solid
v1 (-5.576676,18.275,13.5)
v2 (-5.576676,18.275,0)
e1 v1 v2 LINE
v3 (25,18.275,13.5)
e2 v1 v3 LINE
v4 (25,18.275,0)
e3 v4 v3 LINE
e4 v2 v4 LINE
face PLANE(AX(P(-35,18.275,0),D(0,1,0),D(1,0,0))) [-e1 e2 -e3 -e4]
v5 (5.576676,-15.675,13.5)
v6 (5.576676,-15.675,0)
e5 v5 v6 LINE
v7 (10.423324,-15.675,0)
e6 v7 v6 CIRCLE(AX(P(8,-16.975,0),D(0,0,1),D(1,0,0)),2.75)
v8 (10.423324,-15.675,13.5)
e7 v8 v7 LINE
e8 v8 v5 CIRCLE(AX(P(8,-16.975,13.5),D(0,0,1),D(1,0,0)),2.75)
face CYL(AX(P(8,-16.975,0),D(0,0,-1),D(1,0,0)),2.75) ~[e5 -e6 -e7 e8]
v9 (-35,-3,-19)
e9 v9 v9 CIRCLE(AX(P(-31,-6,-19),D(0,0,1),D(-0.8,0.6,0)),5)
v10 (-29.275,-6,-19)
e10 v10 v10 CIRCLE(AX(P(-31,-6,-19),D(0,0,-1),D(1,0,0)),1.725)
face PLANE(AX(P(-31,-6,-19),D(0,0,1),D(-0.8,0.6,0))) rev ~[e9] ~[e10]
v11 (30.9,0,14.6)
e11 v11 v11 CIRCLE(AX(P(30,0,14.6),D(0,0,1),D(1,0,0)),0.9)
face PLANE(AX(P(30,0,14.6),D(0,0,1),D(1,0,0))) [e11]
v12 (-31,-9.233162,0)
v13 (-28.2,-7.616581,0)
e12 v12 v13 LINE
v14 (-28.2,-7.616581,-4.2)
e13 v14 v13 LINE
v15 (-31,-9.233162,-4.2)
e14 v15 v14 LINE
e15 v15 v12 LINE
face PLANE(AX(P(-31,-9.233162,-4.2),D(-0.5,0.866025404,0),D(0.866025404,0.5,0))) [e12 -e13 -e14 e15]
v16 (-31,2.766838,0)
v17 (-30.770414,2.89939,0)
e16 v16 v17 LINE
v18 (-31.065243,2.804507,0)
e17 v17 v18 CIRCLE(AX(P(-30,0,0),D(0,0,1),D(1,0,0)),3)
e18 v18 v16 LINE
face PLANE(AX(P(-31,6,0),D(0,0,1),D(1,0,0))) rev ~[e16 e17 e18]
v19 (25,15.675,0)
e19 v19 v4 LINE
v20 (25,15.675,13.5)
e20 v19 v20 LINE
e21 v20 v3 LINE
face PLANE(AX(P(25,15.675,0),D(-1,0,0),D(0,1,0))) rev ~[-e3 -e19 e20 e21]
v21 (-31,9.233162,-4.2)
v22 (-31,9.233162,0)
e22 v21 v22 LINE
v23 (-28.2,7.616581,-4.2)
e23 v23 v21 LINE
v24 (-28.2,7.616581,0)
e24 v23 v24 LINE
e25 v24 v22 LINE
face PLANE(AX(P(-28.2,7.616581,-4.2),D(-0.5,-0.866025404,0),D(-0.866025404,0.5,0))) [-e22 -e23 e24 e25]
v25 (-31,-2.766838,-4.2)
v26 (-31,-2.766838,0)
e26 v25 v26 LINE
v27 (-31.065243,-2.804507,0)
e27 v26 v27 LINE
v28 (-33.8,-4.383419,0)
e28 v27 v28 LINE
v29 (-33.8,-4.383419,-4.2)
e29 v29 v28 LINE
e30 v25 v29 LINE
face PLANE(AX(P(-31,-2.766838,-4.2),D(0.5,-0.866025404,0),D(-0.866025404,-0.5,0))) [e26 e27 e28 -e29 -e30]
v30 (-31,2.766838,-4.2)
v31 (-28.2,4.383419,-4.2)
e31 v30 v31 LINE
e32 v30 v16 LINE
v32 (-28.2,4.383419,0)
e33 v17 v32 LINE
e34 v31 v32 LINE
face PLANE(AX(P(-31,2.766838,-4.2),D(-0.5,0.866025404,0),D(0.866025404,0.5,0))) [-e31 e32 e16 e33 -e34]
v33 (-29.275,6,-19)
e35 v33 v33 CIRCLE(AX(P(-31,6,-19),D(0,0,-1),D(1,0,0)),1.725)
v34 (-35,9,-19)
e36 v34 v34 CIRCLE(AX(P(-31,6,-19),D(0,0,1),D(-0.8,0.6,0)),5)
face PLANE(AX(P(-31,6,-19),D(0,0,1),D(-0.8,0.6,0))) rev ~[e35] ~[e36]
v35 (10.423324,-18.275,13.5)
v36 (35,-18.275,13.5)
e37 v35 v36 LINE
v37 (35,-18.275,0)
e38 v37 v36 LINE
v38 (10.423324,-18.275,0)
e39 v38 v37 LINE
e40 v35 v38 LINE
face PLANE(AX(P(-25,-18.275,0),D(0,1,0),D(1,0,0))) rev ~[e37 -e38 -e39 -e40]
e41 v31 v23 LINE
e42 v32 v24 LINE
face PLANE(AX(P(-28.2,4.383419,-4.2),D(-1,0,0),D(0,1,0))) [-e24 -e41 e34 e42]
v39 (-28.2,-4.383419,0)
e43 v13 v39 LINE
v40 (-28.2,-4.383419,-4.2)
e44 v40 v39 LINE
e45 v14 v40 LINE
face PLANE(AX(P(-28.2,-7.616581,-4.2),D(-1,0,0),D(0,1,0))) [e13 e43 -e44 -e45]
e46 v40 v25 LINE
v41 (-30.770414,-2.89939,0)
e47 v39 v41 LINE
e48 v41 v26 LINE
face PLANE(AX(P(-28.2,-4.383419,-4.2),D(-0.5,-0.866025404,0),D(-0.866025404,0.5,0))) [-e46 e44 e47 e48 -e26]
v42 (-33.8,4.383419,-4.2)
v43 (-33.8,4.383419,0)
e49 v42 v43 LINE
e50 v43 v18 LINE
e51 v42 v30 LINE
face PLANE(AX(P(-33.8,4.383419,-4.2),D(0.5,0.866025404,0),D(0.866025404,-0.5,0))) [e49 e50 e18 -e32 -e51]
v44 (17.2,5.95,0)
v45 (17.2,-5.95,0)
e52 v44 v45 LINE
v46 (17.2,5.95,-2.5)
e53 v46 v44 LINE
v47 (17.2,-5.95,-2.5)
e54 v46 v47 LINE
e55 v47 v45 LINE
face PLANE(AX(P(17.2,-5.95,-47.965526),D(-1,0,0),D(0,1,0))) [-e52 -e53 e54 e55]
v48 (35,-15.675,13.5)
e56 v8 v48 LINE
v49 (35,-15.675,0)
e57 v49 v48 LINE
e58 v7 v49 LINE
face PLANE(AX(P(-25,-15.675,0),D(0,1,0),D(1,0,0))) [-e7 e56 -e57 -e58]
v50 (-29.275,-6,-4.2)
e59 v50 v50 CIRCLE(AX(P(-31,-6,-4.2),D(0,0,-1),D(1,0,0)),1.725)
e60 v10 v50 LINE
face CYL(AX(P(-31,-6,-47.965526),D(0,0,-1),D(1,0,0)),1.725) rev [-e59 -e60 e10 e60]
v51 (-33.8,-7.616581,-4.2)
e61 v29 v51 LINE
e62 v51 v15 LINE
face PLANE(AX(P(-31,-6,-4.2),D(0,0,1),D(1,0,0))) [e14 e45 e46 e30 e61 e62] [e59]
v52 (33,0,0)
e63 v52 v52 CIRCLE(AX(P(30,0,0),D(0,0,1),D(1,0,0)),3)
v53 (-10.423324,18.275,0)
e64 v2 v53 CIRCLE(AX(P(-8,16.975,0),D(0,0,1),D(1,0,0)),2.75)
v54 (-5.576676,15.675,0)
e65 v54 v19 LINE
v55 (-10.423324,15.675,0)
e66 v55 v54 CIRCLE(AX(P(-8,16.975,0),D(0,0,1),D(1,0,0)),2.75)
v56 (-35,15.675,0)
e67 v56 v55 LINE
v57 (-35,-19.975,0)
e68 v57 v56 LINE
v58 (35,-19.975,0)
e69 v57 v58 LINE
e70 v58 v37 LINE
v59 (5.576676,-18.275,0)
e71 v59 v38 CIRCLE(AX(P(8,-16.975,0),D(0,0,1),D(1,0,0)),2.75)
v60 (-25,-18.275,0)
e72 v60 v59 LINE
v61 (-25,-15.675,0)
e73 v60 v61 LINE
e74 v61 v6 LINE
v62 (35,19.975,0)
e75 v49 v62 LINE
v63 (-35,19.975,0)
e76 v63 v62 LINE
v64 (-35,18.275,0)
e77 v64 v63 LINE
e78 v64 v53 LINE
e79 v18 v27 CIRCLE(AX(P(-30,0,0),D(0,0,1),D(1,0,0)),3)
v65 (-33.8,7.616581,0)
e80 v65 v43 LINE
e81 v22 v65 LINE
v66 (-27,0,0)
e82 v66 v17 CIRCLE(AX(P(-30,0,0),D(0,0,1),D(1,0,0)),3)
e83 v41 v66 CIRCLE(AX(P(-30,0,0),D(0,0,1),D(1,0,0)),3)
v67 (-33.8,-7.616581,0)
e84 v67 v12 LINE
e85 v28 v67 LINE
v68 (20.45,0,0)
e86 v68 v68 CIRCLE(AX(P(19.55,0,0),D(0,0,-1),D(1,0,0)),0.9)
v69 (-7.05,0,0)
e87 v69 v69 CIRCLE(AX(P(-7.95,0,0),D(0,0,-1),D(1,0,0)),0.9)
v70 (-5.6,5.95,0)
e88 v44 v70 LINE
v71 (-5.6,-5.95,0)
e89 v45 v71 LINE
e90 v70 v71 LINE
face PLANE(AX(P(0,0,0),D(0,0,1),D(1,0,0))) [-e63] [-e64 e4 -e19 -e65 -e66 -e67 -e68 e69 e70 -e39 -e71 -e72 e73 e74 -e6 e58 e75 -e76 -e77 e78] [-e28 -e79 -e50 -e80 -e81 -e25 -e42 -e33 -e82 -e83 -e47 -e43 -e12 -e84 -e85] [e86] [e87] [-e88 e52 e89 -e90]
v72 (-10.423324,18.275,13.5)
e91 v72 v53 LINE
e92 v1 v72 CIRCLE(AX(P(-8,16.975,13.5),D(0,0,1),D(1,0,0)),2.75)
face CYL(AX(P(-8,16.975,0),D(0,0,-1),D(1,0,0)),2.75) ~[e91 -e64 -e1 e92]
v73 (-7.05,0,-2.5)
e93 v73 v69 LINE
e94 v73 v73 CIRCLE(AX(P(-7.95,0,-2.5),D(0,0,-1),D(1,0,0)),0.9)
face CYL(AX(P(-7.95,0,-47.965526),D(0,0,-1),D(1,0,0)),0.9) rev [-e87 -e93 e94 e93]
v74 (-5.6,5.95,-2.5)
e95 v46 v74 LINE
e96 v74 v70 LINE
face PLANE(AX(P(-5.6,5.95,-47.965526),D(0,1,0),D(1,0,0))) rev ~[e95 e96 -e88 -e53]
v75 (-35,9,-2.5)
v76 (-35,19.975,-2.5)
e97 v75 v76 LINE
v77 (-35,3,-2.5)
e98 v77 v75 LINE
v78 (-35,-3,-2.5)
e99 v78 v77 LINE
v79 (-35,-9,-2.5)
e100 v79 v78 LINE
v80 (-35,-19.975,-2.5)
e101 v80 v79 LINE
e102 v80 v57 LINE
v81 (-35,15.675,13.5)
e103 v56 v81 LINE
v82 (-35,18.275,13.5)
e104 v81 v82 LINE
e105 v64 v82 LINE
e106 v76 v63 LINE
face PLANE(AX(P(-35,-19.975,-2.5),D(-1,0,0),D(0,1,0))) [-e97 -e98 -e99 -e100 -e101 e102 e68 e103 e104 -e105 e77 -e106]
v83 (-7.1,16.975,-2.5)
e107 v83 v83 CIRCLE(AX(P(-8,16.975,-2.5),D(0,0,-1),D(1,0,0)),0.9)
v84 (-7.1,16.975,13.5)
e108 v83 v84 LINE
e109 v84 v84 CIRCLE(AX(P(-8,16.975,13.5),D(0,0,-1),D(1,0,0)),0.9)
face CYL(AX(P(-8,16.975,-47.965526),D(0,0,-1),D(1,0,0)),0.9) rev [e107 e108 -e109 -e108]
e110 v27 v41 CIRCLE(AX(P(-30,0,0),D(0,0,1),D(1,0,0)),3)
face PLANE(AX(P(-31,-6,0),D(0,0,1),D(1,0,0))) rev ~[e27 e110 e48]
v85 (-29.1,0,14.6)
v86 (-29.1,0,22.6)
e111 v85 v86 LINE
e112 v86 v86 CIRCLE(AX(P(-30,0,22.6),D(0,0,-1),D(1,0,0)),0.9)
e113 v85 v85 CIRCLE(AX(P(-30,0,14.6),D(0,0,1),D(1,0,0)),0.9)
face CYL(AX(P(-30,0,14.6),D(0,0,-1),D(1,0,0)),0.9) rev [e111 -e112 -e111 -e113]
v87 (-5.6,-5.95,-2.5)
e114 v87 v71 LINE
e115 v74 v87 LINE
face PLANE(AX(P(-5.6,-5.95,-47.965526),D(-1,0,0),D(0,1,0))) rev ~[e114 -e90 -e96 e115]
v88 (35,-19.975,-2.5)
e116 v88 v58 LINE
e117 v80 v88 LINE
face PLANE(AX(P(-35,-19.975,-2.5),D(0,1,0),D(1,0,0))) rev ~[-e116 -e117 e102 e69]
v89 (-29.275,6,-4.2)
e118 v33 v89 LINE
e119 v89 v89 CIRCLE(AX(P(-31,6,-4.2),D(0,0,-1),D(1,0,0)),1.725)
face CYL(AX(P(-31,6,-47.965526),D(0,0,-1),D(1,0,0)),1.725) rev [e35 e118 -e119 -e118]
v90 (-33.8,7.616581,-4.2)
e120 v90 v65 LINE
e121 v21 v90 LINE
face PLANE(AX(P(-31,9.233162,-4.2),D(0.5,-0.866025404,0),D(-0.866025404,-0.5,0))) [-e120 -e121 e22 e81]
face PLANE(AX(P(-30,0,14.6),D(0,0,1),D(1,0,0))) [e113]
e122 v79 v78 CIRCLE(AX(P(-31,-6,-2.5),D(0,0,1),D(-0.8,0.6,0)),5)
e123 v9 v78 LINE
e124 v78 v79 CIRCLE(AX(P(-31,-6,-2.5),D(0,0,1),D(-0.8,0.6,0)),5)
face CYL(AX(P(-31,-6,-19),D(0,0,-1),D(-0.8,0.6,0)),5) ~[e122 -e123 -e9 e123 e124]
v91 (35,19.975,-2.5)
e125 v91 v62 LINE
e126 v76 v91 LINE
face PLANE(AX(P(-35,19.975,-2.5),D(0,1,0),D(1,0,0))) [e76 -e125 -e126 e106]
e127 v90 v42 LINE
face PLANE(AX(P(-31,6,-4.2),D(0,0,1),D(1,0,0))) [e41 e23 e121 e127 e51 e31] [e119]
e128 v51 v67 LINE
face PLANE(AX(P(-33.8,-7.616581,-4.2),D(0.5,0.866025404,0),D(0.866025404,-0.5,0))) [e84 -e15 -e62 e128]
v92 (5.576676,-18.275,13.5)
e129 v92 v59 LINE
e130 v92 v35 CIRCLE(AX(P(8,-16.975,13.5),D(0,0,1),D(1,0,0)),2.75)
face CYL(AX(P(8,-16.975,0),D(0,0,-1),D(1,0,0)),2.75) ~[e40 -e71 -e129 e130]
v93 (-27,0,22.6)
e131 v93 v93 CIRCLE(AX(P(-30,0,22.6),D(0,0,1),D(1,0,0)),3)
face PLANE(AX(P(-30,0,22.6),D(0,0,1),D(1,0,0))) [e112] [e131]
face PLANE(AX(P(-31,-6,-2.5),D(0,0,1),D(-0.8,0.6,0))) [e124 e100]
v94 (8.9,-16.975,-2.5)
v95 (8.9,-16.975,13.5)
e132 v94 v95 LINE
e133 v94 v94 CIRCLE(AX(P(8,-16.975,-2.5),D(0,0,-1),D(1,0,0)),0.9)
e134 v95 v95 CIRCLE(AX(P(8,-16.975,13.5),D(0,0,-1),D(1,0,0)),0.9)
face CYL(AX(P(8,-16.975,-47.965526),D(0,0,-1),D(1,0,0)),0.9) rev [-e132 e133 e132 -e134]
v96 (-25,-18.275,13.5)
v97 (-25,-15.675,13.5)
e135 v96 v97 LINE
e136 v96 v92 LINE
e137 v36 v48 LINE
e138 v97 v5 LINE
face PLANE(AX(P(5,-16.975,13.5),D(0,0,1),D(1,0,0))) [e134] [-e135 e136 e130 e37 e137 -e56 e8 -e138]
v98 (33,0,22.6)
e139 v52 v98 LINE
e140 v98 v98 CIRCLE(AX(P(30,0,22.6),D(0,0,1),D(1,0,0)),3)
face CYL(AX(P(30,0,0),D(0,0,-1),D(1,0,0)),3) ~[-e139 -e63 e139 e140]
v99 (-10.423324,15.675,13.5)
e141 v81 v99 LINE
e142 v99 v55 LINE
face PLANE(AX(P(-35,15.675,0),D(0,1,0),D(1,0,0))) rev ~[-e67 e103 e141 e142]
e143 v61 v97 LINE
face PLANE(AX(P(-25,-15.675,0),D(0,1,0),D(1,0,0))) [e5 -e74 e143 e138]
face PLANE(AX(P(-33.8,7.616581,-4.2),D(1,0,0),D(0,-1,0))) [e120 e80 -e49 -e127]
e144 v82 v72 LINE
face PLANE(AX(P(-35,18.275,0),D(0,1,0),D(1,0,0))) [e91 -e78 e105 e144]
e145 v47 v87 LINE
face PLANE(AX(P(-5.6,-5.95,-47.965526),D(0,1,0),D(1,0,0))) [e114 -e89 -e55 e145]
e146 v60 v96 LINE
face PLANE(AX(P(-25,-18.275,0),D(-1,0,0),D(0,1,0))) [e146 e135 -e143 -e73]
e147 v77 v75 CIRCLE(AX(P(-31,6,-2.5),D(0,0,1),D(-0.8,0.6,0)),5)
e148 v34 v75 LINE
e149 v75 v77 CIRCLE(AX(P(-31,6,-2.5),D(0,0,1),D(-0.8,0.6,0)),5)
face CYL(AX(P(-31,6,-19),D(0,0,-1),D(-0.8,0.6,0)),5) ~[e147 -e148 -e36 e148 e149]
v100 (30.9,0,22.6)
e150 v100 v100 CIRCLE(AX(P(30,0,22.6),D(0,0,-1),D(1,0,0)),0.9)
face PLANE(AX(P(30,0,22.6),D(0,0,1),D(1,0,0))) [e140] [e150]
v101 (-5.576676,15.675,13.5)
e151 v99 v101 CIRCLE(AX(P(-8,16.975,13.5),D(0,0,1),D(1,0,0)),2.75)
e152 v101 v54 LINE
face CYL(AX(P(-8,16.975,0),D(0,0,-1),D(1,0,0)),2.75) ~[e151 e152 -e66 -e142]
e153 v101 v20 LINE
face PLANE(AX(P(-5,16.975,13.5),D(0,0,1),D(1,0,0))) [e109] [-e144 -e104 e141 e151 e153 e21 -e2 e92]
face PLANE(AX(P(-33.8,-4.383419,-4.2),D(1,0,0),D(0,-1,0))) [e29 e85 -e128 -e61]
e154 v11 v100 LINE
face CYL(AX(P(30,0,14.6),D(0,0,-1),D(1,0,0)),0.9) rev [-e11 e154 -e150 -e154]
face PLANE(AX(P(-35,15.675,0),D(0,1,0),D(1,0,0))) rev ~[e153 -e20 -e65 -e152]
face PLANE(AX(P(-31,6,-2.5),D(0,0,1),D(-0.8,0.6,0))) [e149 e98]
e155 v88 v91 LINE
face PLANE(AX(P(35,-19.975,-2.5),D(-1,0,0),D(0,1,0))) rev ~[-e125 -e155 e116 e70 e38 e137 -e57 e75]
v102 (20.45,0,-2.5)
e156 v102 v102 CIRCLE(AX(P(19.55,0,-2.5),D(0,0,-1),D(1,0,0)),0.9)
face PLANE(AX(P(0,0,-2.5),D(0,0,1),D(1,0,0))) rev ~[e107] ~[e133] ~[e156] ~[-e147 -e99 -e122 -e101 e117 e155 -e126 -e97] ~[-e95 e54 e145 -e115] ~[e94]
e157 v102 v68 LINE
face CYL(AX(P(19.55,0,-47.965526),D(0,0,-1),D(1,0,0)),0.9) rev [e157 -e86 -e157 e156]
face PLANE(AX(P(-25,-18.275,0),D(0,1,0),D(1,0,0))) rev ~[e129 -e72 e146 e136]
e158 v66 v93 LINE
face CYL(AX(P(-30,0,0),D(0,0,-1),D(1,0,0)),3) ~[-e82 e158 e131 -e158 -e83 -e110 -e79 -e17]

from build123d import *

# Parameters (mm, degrees)
BOSS_EXTRUDE1_START     = -2.5
SKETCH1_W               = 70
SKETCH1_H               = 39.95
BOSS_EXTRUDE1_DEPTH     = 2.5
SKETCH2_W               = 60
SKETCH2_H               = 2.6
BOSS_EXTRUDE2_DEPTH     = 13.5
SKETCH3_W               = 60
SKETCH3_H               = 2.6
BOSS_EXTRUDE3_DEPTH     = 13.5
SKETCH4_R               = 2.75
BOSS_EXTRUDE4_DEPTH     = 13.5
BOSS_EXTRUDE5_START     = -19
SKETCH5_R               = 5
BOSS_EXTRUDE5_DEPTH     = 16.5
SKETCH6_R               = 3
BOSS_EXTRUDE6_DEPTH     = 22.6
CUT_EXTRUDE1_START      = 14.6
SKETCH7_R               = 0.9
CUT_EXTRUDE1_DEPTH      = 8.1
CUT_EXTRUDE2_DEPTH      = 47.965525921
CUT_EXTRUDE2_DEPTH_BACK = 47.965525921
SKETCH8_W               = 22.8
SKETCH8_H               = 11.9
CUT_EXTRUDE3_DEPTH      = 47.965525921
CUT_EXTRUDE3_DEPTH_BACK = 47.965525921
SKETCH9_R               = 0.9
CUT_EXTRUDE4_DEPTH      = 47.965525921
CUT_EXTRUDE4_DEPTH_BACK = 47.965525921
SKETCH10_R              = 0.9
CUT_EXTRUDE5_DEPTH      = 47.965525921
CUT_EXTRUDE5_DEPTH_BACK = 47.965525921
SKETCH11_R              = 1.725
CUT_EXTRUDE6_START      = -4.2
CUT_EXTRUDE6_DEPTH      = 4.2


with BuildPart() as part:
    # Sketch1 → Boss-Extrude1 (new body)
    with BuildSketch(Plane.XY.offset(BOSS_EXTRUDE1_START)):
        Rectangle(SKETCH1_W, SKETCH1_H)
    extrude(amount=BOSS_EXTRUDE1_DEPTH)

    # Sketch2 → Boss-Extrude2 (add)
    with BuildSketch(Plane.XY):
        with Locations((-5, 16.975)):
            Rectangle(SKETCH2_W, SKETCH2_H)
    extrude(amount=BOSS_EXTRUDE2_DEPTH)

    # Sketch3 → Boss-Extrude3 (add)
    with BuildSketch(Plane.XY):
        with Locations((5, -16.975)):
            Rectangle(SKETCH3_W, SKETCH3_H)
    extrude(amount=BOSS_EXTRUDE3_DEPTH)

    # Sketch4 → Boss-Extrude4 (add)
    with BuildSketch(Plane.XY):
        with Locations((-8, 16.975)):
            Circle(SKETCH4_R)
        with Locations((8, -16.975)):
            Circle(SKETCH4_R)
    extrude(amount=BOSS_EXTRUDE4_DEPTH)

    # Sketch5 → Boss-Extrude5 (add)
    with BuildSketch(Plane.XY.offset(BOSS_EXTRUDE5_START)):
        with Locations(Location((-31, 6, 0), (0, 0, 143.130102354))):
            Circle(SKETCH5_R)
        with Locations(Location((-31, -6, 0), (0, 0, 143.130102354))):
            Circle(SKETCH5_R)
    extrude(amount=BOSS_EXTRUDE5_DEPTH)

    # Sketch6 → Boss-Extrude6 (add)
    with BuildSketch(Plane.XY):
        with Locations((30, 0)):
            Circle(SKETCH6_R)
        with Locations((-30, 0)):
            Circle(SKETCH6_R)
    extrude(amount=BOSS_EXTRUDE6_DEPTH)

    # Sketch7 → Cut-Extrude1 (cut)
    with BuildSketch(Plane.XY.offset(CUT_EXTRUDE1_START)):
        with Locations((30, 0)):
            Circle(SKETCH7_R)
        with Locations((-30, 0)):
            Circle(SKETCH7_R)
    extrude(amount=CUT_EXTRUDE1_DEPTH, mode=Mode.SUBTRACT)

    # Sketch8 → Cut-Extrude2 (cut, two sides: drawn at the far end of the back side and taken through both)
    with BuildSketch(Plane.XY.offset(-CUT_EXTRUDE2_DEPTH_BACK)):
        with Locations((5.8, 0)):
            Rectangle(SKETCH8_W, SKETCH8_H)
    extrude(amount=CUT_EXTRUDE2_DEPTH + CUT_EXTRUDE2_DEPTH_BACK, mode=Mode.SUBTRACT)

    # Sketch9 → Cut-Extrude3 (cut, two sides: drawn at the far end of the back side and taken through both)
    with BuildSketch(Plane.XY.offset(-CUT_EXTRUDE3_DEPTH_BACK)):
        with Locations((-7.95, 0)):
            Circle(SKETCH9_R)
        with Locations((19.55, 0)):
            Circle(SKETCH9_R)
    extrude(amount=CUT_EXTRUDE3_DEPTH + CUT_EXTRUDE3_DEPTH_BACK, mode=Mode.SUBTRACT)

    # Sketch10 → Cut-Extrude4 (cut, two sides: drawn at the far end of the back side and taken through both)
    with BuildSketch(Plane.XY.offset(-CUT_EXTRUDE4_DEPTH_BACK)):
        with Locations((-8, 16.975)):
            Circle(SKETCH10_R)
        with Locations((8, -16.975)):
            Circle(SKETCH10_R)
    extrude(amount=CUT_EXTRUDE4_DEPTH + CUT_EXTRUDE4_DEPTH_BACK, mode=Mode.SUBTRACT)

    # Sketch11 → Cut-Extrude5 (cut, two sides: drawn at the far end of the back side and taken through both)
    with BuildSketch(Plane.XY.offset(-CUT_EXTRUDE5_DEPTH_BACK)):
        with Locations((-31, 6)):
            Circle(SKETCH11_R)
        with Locations((-31, -6)):
            Circle(SKETCH11_R)
    extrude(amount=CUT_EXTRUDE5_DEPTH + CUT_EXTRUDE5_DEPTH_BACK, mode=Mode.SUBTRACT)

    # Sketch12 → Cut-Extrude6 (cut)
    with BuildSketch(Plane.XY.offset(CUT_EXTRUDE6_START)):
        Polygon((-28.2, 7.616580754), (-31, 9.233161507), (-33.8, 7.616580754), (-33.8, 4.383419246), (-31, 2.766838493), (-28.2, 4.383419246), align=None)
        Polygon((-28.2, -4.383419246), (-31, -2.766838493), (-33.8, -4.383419246), (-33.8, -7.616580754), (-31, -9.233161507), (-28.2, -7.616580754), align=None)
    extrude(amount=CUT_EXTRUDE6_DEPTH, mode=Mode.SUBTRACT)


solid = part.part
